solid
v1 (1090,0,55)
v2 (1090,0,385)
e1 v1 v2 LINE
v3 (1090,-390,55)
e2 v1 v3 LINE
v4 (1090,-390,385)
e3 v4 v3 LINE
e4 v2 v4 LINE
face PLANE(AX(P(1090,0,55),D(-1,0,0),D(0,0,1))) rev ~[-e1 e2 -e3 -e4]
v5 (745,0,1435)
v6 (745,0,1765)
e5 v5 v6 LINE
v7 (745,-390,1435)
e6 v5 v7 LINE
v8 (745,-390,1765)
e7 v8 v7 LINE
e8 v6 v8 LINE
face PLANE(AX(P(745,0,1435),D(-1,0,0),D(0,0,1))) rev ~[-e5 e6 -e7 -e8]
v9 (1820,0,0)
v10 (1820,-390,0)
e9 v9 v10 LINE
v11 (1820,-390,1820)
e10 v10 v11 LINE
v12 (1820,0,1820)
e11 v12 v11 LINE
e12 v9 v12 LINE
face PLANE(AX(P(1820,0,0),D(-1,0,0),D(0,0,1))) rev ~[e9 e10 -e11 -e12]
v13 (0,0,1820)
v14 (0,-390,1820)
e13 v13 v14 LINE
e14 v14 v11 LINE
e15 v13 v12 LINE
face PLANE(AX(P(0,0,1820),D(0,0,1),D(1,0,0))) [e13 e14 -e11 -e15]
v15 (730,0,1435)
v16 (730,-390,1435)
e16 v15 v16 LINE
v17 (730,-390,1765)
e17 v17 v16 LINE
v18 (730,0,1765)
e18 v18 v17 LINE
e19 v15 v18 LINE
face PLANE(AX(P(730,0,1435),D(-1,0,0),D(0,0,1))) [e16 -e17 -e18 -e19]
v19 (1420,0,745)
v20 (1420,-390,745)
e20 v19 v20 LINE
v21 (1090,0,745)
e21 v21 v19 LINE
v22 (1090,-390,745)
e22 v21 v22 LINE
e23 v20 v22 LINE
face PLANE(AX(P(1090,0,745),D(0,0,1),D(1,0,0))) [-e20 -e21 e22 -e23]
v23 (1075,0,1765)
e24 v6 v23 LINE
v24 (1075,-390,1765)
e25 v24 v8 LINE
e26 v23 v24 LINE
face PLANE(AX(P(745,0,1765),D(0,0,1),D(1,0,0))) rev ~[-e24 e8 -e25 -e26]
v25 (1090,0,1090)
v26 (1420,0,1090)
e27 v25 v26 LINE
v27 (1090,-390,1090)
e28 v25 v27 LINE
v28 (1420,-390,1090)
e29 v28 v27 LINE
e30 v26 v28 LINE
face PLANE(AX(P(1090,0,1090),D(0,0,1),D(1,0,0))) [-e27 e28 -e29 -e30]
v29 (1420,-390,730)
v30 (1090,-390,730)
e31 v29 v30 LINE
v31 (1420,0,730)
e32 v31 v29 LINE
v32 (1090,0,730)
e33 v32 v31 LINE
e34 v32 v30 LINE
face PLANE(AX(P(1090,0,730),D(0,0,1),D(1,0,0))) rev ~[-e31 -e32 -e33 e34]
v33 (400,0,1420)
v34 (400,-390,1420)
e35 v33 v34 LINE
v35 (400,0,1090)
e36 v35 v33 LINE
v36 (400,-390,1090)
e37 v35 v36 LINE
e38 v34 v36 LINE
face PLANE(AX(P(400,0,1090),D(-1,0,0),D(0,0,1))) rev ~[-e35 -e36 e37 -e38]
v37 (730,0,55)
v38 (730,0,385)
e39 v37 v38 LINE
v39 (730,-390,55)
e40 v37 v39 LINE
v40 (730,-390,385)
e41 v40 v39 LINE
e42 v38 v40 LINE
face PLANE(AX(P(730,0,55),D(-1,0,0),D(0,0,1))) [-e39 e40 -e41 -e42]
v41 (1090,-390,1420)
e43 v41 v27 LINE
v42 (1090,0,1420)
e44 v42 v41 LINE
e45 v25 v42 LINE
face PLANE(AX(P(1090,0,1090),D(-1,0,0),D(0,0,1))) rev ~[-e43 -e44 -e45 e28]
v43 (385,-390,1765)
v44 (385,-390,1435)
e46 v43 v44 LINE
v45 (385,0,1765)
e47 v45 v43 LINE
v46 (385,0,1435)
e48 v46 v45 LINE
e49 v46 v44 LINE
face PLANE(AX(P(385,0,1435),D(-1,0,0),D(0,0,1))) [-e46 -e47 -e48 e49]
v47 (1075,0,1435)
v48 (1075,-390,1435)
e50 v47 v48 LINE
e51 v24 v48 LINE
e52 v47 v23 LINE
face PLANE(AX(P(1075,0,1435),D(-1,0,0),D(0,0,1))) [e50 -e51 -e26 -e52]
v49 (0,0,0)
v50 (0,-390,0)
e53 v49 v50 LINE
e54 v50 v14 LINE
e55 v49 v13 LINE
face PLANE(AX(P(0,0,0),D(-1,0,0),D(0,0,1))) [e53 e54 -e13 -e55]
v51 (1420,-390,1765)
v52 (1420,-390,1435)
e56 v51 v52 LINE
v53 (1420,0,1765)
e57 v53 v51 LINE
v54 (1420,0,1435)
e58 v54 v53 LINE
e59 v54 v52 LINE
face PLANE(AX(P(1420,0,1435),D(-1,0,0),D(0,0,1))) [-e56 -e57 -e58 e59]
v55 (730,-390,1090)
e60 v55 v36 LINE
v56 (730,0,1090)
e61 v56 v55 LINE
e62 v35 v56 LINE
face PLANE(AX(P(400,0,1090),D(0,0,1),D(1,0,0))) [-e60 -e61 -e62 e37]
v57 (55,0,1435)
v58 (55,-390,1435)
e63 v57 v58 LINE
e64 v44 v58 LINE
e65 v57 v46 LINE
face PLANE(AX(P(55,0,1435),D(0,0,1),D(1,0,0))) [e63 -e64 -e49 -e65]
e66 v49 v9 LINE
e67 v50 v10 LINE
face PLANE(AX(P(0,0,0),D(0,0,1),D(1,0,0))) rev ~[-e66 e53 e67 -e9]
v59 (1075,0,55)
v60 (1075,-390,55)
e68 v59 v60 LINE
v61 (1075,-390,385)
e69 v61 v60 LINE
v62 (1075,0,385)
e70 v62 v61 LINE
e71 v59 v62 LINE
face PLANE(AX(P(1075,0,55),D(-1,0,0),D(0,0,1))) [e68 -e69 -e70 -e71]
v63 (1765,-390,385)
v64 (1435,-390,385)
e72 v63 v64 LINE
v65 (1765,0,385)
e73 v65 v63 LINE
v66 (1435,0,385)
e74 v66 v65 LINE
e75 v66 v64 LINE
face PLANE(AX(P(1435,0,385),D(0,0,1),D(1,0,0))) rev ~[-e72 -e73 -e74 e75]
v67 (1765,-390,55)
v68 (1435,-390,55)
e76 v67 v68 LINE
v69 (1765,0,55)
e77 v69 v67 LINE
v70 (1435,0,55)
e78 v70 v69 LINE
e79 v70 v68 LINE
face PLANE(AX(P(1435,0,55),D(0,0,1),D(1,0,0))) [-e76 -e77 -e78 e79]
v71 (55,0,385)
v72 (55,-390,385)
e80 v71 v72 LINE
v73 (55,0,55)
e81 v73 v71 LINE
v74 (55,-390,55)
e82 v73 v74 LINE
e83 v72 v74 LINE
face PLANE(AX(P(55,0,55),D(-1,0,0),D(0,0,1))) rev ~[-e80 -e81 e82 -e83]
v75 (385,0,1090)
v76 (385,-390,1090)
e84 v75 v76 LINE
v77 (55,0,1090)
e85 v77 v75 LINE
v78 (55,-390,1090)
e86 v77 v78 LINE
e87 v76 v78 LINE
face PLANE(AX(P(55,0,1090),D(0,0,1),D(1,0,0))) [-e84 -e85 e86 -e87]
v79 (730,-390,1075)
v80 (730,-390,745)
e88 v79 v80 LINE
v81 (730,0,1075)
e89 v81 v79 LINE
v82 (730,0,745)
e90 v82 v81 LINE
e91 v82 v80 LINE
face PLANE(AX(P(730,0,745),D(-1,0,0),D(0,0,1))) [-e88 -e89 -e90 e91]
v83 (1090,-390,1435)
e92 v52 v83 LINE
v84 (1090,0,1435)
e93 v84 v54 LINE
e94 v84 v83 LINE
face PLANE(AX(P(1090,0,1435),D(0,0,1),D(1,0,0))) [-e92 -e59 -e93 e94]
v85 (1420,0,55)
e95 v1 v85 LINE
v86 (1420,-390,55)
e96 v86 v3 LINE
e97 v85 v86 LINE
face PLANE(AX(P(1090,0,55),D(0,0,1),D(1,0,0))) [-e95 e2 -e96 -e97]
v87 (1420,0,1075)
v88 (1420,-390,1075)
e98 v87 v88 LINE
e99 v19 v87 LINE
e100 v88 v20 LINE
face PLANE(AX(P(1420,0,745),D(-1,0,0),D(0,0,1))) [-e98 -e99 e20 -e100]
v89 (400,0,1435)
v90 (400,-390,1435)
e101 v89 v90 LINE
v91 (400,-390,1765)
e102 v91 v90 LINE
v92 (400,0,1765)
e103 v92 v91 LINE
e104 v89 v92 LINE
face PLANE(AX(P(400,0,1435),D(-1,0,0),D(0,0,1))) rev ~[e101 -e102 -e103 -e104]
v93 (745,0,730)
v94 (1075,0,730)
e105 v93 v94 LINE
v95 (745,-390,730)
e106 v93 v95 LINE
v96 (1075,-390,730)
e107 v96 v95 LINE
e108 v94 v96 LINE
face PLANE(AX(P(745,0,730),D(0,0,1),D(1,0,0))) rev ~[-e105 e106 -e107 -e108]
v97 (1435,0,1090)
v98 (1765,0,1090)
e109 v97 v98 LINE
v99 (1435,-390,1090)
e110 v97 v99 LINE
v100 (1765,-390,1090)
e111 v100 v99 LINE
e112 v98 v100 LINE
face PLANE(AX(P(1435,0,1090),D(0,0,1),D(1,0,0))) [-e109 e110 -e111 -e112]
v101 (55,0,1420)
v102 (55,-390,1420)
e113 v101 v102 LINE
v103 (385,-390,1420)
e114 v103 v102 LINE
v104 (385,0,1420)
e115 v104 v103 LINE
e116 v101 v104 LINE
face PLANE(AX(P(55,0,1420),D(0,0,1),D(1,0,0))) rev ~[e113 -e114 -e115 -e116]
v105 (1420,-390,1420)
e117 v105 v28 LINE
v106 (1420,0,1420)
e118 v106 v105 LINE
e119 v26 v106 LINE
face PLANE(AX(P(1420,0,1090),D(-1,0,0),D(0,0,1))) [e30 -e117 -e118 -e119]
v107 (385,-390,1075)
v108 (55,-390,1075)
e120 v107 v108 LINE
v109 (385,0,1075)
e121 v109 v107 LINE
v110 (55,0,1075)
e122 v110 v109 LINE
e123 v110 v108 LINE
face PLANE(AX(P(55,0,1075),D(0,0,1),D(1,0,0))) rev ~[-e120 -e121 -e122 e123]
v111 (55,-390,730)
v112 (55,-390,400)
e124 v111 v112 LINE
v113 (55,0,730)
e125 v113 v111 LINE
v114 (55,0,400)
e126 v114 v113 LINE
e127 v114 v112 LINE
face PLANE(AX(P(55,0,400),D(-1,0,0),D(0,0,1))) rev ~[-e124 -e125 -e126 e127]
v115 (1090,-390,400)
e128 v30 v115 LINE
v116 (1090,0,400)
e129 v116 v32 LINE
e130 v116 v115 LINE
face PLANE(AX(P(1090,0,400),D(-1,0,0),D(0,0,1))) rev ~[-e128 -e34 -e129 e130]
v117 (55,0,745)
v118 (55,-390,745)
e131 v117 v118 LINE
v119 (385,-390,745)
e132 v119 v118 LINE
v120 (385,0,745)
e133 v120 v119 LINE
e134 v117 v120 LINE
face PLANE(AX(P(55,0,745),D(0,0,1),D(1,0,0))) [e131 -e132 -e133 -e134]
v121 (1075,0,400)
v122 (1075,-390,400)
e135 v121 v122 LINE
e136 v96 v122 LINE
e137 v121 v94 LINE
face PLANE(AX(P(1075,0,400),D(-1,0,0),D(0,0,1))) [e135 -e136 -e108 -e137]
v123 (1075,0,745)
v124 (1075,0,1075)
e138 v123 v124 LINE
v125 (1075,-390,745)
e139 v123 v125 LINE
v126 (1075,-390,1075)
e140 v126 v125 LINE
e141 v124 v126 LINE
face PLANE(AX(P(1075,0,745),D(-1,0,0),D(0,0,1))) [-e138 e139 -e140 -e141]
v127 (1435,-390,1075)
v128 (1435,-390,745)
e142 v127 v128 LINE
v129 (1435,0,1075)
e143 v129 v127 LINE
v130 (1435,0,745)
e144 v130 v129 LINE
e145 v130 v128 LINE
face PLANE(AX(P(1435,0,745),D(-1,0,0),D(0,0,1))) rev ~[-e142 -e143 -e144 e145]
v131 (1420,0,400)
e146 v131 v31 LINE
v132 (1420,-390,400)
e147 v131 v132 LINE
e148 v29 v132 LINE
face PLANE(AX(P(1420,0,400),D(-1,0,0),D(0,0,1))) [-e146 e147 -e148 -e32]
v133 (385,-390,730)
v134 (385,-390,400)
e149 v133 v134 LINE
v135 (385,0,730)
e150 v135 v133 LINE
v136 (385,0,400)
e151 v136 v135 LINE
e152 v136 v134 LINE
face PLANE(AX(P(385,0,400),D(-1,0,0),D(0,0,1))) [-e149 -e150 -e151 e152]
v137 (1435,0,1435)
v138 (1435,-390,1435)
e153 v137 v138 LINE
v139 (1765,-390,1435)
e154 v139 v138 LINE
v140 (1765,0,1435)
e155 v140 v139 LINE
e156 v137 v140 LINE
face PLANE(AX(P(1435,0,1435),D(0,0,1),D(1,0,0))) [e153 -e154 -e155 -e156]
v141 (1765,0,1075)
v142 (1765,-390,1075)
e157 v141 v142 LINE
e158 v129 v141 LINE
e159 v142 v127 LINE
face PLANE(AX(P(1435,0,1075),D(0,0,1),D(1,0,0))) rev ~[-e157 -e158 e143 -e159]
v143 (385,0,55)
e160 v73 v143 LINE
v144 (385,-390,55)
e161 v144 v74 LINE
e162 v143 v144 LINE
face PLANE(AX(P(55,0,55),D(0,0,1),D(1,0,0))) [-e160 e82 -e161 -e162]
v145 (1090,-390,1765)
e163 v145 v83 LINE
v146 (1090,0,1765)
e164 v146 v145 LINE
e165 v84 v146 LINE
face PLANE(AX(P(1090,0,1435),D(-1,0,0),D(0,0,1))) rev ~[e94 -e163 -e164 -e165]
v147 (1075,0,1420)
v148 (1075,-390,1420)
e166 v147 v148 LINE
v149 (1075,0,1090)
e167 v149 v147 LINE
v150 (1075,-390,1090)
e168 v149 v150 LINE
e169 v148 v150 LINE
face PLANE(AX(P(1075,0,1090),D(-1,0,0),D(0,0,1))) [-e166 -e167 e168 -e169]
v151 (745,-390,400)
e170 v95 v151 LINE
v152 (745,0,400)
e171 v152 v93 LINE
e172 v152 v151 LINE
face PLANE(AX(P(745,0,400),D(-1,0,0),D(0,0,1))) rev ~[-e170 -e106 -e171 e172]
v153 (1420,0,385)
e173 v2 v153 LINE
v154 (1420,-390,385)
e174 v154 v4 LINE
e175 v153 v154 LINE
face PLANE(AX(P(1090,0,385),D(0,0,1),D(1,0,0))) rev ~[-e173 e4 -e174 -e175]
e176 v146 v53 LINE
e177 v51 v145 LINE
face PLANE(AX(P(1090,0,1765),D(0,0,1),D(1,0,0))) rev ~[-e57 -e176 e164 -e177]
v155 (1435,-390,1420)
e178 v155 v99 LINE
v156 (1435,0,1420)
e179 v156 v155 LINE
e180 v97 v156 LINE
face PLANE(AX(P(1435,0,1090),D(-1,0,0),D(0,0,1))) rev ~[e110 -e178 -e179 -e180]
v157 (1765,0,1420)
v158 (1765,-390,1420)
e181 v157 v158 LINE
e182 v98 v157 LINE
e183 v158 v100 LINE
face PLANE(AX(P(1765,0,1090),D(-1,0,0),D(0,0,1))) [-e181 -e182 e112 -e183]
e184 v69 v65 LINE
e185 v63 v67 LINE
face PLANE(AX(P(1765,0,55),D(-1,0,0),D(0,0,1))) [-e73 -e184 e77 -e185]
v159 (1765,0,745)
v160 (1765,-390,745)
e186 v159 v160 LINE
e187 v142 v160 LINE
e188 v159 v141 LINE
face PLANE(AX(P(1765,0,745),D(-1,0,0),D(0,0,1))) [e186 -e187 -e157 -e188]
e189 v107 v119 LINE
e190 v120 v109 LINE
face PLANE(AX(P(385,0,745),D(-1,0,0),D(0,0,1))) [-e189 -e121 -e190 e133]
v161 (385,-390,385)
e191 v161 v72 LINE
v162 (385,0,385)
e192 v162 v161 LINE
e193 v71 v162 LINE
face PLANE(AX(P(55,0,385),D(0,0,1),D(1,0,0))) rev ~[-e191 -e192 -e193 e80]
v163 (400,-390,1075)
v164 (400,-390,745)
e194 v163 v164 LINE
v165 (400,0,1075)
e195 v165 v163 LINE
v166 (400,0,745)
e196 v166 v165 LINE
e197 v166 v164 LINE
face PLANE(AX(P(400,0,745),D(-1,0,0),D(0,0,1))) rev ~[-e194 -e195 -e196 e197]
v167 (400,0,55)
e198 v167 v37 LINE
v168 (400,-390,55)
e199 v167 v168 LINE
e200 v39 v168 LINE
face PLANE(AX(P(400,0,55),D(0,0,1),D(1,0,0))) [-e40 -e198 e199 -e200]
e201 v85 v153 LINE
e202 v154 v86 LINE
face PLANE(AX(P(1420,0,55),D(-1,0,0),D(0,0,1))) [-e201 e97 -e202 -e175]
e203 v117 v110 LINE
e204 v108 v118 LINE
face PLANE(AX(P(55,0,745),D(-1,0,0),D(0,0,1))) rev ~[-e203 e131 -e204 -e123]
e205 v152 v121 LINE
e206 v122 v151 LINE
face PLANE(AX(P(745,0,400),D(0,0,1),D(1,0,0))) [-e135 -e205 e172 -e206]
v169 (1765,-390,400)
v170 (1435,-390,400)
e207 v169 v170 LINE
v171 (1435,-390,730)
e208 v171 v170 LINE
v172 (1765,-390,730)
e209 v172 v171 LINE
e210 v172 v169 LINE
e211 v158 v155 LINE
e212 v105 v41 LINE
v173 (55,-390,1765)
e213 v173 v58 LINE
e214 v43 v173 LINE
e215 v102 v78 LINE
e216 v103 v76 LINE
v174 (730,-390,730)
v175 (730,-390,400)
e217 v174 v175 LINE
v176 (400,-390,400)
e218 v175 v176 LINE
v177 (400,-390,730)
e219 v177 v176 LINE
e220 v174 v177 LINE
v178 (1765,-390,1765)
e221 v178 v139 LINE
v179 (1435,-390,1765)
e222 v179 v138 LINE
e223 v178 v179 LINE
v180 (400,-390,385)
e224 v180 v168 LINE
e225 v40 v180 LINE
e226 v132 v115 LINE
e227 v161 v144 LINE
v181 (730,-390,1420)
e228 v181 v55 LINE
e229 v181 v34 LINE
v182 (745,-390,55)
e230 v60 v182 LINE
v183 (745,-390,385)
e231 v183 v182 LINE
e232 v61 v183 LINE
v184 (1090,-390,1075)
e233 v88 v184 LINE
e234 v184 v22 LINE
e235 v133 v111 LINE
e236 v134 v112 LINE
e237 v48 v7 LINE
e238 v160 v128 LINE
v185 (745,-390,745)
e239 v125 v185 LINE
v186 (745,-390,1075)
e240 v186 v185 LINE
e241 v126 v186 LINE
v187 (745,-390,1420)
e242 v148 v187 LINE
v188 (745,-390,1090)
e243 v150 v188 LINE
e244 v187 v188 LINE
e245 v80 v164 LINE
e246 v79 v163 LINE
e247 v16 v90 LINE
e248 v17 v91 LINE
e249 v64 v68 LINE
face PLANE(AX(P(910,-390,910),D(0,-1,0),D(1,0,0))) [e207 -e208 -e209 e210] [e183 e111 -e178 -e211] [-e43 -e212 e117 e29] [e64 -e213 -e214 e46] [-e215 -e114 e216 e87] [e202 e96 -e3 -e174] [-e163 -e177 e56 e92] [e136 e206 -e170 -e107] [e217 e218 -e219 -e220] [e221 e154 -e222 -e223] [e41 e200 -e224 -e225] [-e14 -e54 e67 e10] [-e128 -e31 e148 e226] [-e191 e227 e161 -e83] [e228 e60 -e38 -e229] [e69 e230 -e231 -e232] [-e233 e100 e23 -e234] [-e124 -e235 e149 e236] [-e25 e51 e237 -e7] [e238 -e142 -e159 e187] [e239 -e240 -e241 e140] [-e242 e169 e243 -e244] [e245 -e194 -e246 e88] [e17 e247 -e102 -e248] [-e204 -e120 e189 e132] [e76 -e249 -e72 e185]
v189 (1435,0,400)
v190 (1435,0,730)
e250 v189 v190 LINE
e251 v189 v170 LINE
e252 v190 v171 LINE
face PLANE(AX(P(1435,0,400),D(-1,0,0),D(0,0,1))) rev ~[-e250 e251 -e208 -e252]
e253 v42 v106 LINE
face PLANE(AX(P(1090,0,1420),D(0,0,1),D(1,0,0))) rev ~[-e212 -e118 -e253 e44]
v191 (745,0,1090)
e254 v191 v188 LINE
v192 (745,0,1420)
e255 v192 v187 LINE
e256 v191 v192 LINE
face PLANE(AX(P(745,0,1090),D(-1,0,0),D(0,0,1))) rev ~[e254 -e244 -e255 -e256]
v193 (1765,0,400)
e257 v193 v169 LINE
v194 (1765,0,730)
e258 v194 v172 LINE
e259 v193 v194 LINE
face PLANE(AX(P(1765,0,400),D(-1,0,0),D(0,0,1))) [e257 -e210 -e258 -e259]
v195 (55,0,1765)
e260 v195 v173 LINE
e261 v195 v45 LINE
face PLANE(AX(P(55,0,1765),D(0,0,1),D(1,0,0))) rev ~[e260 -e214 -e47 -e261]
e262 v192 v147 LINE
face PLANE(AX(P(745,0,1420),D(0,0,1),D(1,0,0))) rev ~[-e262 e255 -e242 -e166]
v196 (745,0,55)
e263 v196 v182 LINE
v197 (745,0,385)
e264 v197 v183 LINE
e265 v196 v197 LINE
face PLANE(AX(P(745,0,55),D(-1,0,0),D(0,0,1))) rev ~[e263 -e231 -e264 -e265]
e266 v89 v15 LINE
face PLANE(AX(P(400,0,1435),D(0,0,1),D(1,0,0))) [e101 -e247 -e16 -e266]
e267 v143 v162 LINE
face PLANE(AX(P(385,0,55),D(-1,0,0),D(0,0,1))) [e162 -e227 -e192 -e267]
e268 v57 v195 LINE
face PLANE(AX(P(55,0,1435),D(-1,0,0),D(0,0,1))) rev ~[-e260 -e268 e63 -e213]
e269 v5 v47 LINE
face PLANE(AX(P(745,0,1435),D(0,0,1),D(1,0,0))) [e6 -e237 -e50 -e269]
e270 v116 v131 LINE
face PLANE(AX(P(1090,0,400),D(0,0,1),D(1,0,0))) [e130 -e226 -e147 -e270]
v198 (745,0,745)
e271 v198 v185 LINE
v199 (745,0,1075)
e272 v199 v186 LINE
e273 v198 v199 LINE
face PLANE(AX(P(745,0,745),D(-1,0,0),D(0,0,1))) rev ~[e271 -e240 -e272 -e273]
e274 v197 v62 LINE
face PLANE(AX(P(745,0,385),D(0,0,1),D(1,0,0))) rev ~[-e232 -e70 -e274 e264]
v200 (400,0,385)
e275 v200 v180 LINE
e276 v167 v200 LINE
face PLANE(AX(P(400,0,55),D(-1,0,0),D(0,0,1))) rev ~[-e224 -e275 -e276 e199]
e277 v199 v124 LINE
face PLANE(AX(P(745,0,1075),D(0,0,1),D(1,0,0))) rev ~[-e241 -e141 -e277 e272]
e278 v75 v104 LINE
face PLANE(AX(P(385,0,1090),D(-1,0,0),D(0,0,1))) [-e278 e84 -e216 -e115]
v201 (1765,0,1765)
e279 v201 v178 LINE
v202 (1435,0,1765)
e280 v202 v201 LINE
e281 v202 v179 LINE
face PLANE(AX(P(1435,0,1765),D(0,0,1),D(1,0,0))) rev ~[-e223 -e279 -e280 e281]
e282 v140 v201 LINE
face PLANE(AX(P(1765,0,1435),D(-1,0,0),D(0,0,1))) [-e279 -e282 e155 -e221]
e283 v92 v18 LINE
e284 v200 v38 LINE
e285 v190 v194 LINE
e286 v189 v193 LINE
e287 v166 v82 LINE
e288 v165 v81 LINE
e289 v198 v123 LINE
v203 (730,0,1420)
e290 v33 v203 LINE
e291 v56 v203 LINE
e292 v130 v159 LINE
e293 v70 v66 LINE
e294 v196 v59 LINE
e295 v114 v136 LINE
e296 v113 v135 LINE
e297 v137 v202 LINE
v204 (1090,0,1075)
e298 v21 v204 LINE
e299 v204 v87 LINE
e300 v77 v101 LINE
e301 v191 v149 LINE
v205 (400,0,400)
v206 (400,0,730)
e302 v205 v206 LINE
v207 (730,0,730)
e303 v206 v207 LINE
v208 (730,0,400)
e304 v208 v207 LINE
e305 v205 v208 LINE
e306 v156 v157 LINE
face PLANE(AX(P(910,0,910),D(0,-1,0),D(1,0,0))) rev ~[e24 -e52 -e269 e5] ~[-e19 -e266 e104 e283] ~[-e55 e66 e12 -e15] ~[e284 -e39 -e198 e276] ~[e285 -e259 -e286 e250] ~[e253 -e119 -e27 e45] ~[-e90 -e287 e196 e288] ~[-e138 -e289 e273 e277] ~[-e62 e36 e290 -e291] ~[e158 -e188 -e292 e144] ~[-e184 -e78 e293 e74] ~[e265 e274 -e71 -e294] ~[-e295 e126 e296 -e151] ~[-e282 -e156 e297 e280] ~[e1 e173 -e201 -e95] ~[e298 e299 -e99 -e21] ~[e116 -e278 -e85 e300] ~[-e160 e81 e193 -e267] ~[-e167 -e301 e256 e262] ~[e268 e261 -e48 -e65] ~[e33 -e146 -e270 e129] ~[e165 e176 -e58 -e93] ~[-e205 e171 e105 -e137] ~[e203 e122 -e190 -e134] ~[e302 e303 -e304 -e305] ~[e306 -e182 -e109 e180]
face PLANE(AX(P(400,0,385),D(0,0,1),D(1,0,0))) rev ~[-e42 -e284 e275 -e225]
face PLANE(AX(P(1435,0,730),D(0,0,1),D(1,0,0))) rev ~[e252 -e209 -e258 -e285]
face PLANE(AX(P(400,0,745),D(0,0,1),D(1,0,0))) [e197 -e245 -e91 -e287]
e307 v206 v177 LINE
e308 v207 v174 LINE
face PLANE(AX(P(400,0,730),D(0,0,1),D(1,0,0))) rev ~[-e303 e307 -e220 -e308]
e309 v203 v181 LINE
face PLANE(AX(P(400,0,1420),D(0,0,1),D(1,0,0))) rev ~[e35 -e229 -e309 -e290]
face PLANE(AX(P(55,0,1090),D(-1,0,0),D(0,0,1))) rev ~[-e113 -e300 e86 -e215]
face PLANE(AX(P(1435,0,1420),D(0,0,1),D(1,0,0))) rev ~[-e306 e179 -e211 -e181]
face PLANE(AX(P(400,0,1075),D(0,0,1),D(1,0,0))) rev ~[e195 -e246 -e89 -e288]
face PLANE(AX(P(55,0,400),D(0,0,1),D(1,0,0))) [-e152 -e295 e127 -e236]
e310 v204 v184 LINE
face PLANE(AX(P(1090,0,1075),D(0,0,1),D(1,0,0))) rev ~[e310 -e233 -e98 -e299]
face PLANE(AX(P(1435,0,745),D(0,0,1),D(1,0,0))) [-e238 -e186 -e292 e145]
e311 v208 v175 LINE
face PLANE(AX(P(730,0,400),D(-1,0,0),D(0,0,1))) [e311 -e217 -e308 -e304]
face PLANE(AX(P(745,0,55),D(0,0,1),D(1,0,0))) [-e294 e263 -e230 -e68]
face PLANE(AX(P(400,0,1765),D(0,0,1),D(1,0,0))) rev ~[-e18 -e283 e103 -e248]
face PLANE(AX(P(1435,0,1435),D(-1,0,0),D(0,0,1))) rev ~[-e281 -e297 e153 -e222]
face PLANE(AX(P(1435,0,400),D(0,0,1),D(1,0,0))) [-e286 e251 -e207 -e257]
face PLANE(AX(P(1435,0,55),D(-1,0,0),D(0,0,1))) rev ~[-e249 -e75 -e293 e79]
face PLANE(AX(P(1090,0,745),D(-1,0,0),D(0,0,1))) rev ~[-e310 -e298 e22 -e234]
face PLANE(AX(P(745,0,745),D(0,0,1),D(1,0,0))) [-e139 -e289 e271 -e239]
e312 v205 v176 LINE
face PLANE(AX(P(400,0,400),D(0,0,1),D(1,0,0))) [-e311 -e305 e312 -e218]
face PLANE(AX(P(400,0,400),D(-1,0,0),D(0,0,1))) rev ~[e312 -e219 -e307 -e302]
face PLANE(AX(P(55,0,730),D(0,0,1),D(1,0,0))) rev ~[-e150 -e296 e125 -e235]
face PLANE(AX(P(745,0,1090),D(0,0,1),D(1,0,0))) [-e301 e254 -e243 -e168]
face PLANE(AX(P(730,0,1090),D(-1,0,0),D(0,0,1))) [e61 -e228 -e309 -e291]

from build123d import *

# Parameters (mm, degrees)
F0_W     = 1820
F0_H     = 1820
F1_DEPTH = 390
F2_W     = 330
F2_H     = 330
F3_DEPTH = 740.61349


with BuildPart() as f1:
    # F0 (on Front) → F1 (new body)
    with BuildSketch(Plane.XZ):
        with Locations((910, 910)):
            Rectangle(F0_W, F0_H)
    extrude(amount=F1_DEPTH)

    # F2 (on Front) → F3 (cut)
    with BuildSketch(Plane.XZ):
        with Locations((220, 220)):
            Rectangle(F2_W, F2_H)
        with Locations((220, 565)):
            Rectangle(F2_W, F2_H)
        with Locations((220, 910)):
            Rectangle(F2_W, F2_H)
        with Locations((220, 1255)):
            Rectangle(F2_W, F2_H)
        with Locations((220, 1600)):
            Rectangle(F2_W, F2_H)
        with Locations((565, 220)):
            Rectangle(F2_W, F2_H)
        with Locations((565, 565)):
            Rectangle(F2_W, F2_H)
        with Locations((565, 910)):
            Rectangle(F2_W, F2_H)
        with Locations((565, 1255)):
            Rectangle(F2_W, F2_H)
        with Locations((565, 1600)):
            Rectangle(F2_W, F2_H)
        with Locations((910, 220)):
            Rectangle(F2_W, F2_H)
        with Locations((910, 565)):
            Rectangle(F2_W, F2_H)
        with Locations((910, 910)):
            Rectangle(F2_W, F2_H)
        with Locations((910, 1255)):
            Rectangle(F2_W, F2_H)
        with Locations((910, 1600)):
            Rectangle(F2_W, F2_H)
        with Locations((1255, 220)):
            Rectangle(F2_W, F2_H)
        with Locations((1255, 565)):
            Rectangle(F2_W, F2_H)
        with Locations((1255, 910)):
            Rectangle(F2_W, F2_H)
        with Locations((1255, 1255)):
            Rectangle(F2_W, F2_H)
        with Locations((1255, 1600)):
            Rectangle(F2_W, F2_H)
        with Locations((1600, 220)):
            Rectangle(F2_W, F2_H)
        with Locations((1600, 565)):
            Rectangle(F2_W, F2_H)
        with Locations((1600, 910)):
            Rectangle(F2_W, F2_H)
        with Locations((1600, 1255)):
            Rectangle(F2_W, F2_H)
        with Locations((1600, 1600)):
            Rectangle(F2_W, F2_H)
    extrude(amount=F3_DEPTH, mode=Mode.SUBTRACT)


solid = f1.part
